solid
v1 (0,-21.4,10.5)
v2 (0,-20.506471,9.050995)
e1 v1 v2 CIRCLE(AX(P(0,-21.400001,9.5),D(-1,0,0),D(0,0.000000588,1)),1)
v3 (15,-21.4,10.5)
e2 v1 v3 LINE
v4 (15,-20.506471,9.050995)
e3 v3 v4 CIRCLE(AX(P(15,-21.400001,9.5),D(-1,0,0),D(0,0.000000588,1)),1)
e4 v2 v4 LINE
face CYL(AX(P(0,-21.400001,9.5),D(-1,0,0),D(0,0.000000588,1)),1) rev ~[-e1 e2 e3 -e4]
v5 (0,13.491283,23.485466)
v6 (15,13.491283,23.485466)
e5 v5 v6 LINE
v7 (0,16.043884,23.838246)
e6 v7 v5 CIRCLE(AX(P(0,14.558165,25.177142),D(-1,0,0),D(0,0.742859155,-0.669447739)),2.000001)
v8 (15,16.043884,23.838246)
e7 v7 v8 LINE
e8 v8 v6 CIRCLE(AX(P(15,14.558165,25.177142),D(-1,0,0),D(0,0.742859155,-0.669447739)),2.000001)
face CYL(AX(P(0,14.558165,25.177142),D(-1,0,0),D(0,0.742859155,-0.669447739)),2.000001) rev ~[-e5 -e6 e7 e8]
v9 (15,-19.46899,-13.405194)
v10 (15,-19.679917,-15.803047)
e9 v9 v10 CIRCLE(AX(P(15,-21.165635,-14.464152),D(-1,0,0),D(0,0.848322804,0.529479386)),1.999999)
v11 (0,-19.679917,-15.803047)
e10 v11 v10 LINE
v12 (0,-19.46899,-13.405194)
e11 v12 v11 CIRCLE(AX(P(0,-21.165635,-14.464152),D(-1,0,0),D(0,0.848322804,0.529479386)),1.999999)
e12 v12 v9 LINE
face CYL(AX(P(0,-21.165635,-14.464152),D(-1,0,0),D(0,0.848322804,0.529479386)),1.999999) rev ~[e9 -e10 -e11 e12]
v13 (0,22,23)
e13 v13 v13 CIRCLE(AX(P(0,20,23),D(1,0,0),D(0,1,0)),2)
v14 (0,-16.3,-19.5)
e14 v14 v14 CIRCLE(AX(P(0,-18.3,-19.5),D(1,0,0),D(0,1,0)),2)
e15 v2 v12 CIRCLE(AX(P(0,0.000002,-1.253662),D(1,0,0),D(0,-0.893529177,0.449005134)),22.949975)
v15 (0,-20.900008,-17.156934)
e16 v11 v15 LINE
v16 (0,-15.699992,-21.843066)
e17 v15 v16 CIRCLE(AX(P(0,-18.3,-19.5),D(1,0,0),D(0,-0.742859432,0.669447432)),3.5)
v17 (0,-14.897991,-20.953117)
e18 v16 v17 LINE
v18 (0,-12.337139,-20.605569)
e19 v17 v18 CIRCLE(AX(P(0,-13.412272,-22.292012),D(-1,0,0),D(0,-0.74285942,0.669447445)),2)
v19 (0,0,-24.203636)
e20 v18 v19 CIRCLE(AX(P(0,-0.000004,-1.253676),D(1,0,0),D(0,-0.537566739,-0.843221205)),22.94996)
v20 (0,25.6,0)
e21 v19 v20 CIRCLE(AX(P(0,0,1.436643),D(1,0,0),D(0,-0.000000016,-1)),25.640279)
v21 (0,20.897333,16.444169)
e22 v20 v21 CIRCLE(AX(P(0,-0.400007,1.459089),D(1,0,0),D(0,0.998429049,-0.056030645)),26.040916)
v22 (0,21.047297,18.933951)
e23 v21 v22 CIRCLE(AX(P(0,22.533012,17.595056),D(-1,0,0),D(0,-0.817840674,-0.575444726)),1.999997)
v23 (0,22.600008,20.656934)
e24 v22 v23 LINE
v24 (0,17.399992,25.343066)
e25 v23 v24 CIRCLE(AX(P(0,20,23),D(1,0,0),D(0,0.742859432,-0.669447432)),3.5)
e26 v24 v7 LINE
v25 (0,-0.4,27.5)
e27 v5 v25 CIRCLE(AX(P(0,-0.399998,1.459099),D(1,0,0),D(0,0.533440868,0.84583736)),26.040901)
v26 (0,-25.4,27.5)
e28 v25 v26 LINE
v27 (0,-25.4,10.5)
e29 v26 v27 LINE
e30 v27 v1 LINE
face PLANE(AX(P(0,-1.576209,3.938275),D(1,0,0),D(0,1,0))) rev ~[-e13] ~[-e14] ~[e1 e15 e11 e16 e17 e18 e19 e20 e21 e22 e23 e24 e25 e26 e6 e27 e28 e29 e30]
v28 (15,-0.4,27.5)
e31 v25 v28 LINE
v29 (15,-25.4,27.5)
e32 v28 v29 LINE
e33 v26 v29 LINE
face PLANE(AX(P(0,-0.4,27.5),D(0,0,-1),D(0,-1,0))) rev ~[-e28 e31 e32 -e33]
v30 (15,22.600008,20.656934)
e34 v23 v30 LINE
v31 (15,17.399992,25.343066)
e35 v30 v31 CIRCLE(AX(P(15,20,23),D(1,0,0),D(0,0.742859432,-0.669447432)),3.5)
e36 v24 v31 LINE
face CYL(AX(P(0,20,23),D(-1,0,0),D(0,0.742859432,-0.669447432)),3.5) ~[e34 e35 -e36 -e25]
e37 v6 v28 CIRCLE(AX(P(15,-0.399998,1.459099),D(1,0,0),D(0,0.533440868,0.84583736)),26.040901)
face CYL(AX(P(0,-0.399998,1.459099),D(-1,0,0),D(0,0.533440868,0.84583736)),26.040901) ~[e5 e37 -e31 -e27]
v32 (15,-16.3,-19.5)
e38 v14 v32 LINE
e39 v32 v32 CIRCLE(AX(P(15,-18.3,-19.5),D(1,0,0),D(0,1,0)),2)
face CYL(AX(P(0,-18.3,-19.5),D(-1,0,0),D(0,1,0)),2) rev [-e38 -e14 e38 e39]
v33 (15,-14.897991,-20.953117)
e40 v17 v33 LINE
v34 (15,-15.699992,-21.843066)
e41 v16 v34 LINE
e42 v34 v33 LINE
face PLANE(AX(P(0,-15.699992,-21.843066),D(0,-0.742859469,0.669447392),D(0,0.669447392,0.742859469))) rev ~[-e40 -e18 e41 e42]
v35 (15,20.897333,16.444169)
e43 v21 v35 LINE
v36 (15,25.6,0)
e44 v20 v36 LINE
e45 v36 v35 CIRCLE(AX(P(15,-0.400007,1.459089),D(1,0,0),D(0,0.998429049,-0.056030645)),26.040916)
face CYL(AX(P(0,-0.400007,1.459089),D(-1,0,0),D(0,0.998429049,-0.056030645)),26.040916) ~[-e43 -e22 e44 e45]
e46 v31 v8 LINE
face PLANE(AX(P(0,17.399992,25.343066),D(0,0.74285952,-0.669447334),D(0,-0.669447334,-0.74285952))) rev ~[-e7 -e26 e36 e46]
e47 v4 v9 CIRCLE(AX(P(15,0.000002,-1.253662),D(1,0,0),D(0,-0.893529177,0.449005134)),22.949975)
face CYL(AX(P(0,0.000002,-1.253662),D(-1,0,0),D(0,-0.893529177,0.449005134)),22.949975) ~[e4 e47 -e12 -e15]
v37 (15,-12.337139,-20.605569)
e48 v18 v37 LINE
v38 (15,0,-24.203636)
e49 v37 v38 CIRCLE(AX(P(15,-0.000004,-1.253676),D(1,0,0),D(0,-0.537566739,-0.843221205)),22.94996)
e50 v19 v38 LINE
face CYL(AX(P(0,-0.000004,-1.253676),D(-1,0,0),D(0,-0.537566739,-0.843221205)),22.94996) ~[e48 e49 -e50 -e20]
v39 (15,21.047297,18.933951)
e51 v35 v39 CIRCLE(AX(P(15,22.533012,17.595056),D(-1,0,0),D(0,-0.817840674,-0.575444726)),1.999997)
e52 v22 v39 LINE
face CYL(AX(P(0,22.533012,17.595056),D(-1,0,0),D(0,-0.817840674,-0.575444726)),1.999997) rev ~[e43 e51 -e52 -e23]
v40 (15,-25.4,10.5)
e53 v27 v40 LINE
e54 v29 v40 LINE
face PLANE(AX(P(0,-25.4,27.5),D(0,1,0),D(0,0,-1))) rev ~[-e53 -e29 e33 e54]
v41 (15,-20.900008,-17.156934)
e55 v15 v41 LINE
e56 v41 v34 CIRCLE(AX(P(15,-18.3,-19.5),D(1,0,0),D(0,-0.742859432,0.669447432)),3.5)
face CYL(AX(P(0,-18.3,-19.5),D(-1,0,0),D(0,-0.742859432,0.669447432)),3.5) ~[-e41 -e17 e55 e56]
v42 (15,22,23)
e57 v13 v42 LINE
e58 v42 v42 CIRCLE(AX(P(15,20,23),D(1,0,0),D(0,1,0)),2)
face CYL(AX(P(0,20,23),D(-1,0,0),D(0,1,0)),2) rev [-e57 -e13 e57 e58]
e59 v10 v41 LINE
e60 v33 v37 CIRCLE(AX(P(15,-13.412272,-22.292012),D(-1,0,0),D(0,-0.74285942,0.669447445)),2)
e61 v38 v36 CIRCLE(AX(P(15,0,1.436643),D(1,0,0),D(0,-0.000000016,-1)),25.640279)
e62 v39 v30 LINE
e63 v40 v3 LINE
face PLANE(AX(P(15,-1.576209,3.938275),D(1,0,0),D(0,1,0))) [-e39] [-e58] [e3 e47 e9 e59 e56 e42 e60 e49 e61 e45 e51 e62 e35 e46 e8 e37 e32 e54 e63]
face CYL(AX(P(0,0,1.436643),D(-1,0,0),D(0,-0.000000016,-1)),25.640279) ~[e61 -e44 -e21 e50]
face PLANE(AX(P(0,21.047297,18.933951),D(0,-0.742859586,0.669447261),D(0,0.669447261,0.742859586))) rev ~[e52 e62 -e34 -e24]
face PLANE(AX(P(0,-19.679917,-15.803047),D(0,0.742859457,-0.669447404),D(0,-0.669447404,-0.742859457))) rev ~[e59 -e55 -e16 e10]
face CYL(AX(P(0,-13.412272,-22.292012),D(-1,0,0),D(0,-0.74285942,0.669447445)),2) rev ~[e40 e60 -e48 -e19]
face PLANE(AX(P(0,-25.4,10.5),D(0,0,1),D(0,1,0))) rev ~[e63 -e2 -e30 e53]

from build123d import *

# Parameters (mm, degrees)
F0_R     = 2
F0_R_2   = 16
F0_R_3   = 12
F1_DEPTH = 15


with BuildPart() as f1:
    # F0 (on Right) → F1 (new body)
    with BuildSketch(Plane.YZ):
        with BuildLine():
            Line((-0.4, 27.5), (-25.4, 27.5))
            Line((-25.4, 27.5), (-25.4, 10.5))
            Line((-25.4, 10.5), (-21.4, 10.5))
            ThreePointArc((-21.4, 10.5), (-20.548823, 10.024878), (-20.506471, 9.050995))
            ThreePointArc((-20.506471, 9.050995), (-22.92552, -2.312826), (-19.46899, -13.405194))
            ThreePointArc((-19.46899, -13.405194), (-19.173329, -14.639406), (-19.679917, -15.803047))
            Line((-19.679917, -15.803047), (-20.900008, -17.156934))
            ThreePointArc((-20.900008, -17.156934), (-20.643066, -22.100008), (-15.699992, -21.843066))
            Line((-15.699992, -21.843066), (-14.897991, -20.953117))
            ThreePointArc((-14.897991, -20.953117), (-13.681238, -20.31018), (-12.337139, -20.605569))
            ThreePointArc((-12.337139, -20.605569), (-6.425556, -23.285765), (0, -24.203636))
            ThreePointArc((0, -24.203636), (17.615164, -17.19478), (25.6, 0))
            ThreePointArc((25.6, 0), (24.637214, 8.619178), (20.897333, 16.444169))
            ThreePointArc((20.897333, 16.444169), (20.536633, 17.715302), (21.047297, 18.933951))
            Line((21.047297, 18.933951), (22.600008, 20.656934))
            ThreePointArc((22.600008, 20.656934), (22.343066, 25.600008), (17.399992, 25.343066))
            Line((17.399992, 25.343066), (16.043884, 23.838246))
            ThreePointArc((16.043884, 23.838246), (14.83197, 23.195972), (13.491283, 23.485466))
            ThreePointArc((13.491283, 23.485466), (6.829873, 26.476243), (-0.4, 27.5))
        make_face()
        with Locations((-18.3, -19.5)):
            Circle(F0_R, mode=Mode.SUBTRACT)
        Circle(F0_R_2, mode=Mode.SUBTRACT)
        with Locations((20, 23)):
            Circle(F0_R, mode=Mode.SUBTRACT)
        Circle(F0_R_2)
        Circle(F0_R_3, mode=Mode.SUBTRACT)
        Circle(F0_R_3)
    extrude(amount=F1_DEPTH)


solid = f1.part
